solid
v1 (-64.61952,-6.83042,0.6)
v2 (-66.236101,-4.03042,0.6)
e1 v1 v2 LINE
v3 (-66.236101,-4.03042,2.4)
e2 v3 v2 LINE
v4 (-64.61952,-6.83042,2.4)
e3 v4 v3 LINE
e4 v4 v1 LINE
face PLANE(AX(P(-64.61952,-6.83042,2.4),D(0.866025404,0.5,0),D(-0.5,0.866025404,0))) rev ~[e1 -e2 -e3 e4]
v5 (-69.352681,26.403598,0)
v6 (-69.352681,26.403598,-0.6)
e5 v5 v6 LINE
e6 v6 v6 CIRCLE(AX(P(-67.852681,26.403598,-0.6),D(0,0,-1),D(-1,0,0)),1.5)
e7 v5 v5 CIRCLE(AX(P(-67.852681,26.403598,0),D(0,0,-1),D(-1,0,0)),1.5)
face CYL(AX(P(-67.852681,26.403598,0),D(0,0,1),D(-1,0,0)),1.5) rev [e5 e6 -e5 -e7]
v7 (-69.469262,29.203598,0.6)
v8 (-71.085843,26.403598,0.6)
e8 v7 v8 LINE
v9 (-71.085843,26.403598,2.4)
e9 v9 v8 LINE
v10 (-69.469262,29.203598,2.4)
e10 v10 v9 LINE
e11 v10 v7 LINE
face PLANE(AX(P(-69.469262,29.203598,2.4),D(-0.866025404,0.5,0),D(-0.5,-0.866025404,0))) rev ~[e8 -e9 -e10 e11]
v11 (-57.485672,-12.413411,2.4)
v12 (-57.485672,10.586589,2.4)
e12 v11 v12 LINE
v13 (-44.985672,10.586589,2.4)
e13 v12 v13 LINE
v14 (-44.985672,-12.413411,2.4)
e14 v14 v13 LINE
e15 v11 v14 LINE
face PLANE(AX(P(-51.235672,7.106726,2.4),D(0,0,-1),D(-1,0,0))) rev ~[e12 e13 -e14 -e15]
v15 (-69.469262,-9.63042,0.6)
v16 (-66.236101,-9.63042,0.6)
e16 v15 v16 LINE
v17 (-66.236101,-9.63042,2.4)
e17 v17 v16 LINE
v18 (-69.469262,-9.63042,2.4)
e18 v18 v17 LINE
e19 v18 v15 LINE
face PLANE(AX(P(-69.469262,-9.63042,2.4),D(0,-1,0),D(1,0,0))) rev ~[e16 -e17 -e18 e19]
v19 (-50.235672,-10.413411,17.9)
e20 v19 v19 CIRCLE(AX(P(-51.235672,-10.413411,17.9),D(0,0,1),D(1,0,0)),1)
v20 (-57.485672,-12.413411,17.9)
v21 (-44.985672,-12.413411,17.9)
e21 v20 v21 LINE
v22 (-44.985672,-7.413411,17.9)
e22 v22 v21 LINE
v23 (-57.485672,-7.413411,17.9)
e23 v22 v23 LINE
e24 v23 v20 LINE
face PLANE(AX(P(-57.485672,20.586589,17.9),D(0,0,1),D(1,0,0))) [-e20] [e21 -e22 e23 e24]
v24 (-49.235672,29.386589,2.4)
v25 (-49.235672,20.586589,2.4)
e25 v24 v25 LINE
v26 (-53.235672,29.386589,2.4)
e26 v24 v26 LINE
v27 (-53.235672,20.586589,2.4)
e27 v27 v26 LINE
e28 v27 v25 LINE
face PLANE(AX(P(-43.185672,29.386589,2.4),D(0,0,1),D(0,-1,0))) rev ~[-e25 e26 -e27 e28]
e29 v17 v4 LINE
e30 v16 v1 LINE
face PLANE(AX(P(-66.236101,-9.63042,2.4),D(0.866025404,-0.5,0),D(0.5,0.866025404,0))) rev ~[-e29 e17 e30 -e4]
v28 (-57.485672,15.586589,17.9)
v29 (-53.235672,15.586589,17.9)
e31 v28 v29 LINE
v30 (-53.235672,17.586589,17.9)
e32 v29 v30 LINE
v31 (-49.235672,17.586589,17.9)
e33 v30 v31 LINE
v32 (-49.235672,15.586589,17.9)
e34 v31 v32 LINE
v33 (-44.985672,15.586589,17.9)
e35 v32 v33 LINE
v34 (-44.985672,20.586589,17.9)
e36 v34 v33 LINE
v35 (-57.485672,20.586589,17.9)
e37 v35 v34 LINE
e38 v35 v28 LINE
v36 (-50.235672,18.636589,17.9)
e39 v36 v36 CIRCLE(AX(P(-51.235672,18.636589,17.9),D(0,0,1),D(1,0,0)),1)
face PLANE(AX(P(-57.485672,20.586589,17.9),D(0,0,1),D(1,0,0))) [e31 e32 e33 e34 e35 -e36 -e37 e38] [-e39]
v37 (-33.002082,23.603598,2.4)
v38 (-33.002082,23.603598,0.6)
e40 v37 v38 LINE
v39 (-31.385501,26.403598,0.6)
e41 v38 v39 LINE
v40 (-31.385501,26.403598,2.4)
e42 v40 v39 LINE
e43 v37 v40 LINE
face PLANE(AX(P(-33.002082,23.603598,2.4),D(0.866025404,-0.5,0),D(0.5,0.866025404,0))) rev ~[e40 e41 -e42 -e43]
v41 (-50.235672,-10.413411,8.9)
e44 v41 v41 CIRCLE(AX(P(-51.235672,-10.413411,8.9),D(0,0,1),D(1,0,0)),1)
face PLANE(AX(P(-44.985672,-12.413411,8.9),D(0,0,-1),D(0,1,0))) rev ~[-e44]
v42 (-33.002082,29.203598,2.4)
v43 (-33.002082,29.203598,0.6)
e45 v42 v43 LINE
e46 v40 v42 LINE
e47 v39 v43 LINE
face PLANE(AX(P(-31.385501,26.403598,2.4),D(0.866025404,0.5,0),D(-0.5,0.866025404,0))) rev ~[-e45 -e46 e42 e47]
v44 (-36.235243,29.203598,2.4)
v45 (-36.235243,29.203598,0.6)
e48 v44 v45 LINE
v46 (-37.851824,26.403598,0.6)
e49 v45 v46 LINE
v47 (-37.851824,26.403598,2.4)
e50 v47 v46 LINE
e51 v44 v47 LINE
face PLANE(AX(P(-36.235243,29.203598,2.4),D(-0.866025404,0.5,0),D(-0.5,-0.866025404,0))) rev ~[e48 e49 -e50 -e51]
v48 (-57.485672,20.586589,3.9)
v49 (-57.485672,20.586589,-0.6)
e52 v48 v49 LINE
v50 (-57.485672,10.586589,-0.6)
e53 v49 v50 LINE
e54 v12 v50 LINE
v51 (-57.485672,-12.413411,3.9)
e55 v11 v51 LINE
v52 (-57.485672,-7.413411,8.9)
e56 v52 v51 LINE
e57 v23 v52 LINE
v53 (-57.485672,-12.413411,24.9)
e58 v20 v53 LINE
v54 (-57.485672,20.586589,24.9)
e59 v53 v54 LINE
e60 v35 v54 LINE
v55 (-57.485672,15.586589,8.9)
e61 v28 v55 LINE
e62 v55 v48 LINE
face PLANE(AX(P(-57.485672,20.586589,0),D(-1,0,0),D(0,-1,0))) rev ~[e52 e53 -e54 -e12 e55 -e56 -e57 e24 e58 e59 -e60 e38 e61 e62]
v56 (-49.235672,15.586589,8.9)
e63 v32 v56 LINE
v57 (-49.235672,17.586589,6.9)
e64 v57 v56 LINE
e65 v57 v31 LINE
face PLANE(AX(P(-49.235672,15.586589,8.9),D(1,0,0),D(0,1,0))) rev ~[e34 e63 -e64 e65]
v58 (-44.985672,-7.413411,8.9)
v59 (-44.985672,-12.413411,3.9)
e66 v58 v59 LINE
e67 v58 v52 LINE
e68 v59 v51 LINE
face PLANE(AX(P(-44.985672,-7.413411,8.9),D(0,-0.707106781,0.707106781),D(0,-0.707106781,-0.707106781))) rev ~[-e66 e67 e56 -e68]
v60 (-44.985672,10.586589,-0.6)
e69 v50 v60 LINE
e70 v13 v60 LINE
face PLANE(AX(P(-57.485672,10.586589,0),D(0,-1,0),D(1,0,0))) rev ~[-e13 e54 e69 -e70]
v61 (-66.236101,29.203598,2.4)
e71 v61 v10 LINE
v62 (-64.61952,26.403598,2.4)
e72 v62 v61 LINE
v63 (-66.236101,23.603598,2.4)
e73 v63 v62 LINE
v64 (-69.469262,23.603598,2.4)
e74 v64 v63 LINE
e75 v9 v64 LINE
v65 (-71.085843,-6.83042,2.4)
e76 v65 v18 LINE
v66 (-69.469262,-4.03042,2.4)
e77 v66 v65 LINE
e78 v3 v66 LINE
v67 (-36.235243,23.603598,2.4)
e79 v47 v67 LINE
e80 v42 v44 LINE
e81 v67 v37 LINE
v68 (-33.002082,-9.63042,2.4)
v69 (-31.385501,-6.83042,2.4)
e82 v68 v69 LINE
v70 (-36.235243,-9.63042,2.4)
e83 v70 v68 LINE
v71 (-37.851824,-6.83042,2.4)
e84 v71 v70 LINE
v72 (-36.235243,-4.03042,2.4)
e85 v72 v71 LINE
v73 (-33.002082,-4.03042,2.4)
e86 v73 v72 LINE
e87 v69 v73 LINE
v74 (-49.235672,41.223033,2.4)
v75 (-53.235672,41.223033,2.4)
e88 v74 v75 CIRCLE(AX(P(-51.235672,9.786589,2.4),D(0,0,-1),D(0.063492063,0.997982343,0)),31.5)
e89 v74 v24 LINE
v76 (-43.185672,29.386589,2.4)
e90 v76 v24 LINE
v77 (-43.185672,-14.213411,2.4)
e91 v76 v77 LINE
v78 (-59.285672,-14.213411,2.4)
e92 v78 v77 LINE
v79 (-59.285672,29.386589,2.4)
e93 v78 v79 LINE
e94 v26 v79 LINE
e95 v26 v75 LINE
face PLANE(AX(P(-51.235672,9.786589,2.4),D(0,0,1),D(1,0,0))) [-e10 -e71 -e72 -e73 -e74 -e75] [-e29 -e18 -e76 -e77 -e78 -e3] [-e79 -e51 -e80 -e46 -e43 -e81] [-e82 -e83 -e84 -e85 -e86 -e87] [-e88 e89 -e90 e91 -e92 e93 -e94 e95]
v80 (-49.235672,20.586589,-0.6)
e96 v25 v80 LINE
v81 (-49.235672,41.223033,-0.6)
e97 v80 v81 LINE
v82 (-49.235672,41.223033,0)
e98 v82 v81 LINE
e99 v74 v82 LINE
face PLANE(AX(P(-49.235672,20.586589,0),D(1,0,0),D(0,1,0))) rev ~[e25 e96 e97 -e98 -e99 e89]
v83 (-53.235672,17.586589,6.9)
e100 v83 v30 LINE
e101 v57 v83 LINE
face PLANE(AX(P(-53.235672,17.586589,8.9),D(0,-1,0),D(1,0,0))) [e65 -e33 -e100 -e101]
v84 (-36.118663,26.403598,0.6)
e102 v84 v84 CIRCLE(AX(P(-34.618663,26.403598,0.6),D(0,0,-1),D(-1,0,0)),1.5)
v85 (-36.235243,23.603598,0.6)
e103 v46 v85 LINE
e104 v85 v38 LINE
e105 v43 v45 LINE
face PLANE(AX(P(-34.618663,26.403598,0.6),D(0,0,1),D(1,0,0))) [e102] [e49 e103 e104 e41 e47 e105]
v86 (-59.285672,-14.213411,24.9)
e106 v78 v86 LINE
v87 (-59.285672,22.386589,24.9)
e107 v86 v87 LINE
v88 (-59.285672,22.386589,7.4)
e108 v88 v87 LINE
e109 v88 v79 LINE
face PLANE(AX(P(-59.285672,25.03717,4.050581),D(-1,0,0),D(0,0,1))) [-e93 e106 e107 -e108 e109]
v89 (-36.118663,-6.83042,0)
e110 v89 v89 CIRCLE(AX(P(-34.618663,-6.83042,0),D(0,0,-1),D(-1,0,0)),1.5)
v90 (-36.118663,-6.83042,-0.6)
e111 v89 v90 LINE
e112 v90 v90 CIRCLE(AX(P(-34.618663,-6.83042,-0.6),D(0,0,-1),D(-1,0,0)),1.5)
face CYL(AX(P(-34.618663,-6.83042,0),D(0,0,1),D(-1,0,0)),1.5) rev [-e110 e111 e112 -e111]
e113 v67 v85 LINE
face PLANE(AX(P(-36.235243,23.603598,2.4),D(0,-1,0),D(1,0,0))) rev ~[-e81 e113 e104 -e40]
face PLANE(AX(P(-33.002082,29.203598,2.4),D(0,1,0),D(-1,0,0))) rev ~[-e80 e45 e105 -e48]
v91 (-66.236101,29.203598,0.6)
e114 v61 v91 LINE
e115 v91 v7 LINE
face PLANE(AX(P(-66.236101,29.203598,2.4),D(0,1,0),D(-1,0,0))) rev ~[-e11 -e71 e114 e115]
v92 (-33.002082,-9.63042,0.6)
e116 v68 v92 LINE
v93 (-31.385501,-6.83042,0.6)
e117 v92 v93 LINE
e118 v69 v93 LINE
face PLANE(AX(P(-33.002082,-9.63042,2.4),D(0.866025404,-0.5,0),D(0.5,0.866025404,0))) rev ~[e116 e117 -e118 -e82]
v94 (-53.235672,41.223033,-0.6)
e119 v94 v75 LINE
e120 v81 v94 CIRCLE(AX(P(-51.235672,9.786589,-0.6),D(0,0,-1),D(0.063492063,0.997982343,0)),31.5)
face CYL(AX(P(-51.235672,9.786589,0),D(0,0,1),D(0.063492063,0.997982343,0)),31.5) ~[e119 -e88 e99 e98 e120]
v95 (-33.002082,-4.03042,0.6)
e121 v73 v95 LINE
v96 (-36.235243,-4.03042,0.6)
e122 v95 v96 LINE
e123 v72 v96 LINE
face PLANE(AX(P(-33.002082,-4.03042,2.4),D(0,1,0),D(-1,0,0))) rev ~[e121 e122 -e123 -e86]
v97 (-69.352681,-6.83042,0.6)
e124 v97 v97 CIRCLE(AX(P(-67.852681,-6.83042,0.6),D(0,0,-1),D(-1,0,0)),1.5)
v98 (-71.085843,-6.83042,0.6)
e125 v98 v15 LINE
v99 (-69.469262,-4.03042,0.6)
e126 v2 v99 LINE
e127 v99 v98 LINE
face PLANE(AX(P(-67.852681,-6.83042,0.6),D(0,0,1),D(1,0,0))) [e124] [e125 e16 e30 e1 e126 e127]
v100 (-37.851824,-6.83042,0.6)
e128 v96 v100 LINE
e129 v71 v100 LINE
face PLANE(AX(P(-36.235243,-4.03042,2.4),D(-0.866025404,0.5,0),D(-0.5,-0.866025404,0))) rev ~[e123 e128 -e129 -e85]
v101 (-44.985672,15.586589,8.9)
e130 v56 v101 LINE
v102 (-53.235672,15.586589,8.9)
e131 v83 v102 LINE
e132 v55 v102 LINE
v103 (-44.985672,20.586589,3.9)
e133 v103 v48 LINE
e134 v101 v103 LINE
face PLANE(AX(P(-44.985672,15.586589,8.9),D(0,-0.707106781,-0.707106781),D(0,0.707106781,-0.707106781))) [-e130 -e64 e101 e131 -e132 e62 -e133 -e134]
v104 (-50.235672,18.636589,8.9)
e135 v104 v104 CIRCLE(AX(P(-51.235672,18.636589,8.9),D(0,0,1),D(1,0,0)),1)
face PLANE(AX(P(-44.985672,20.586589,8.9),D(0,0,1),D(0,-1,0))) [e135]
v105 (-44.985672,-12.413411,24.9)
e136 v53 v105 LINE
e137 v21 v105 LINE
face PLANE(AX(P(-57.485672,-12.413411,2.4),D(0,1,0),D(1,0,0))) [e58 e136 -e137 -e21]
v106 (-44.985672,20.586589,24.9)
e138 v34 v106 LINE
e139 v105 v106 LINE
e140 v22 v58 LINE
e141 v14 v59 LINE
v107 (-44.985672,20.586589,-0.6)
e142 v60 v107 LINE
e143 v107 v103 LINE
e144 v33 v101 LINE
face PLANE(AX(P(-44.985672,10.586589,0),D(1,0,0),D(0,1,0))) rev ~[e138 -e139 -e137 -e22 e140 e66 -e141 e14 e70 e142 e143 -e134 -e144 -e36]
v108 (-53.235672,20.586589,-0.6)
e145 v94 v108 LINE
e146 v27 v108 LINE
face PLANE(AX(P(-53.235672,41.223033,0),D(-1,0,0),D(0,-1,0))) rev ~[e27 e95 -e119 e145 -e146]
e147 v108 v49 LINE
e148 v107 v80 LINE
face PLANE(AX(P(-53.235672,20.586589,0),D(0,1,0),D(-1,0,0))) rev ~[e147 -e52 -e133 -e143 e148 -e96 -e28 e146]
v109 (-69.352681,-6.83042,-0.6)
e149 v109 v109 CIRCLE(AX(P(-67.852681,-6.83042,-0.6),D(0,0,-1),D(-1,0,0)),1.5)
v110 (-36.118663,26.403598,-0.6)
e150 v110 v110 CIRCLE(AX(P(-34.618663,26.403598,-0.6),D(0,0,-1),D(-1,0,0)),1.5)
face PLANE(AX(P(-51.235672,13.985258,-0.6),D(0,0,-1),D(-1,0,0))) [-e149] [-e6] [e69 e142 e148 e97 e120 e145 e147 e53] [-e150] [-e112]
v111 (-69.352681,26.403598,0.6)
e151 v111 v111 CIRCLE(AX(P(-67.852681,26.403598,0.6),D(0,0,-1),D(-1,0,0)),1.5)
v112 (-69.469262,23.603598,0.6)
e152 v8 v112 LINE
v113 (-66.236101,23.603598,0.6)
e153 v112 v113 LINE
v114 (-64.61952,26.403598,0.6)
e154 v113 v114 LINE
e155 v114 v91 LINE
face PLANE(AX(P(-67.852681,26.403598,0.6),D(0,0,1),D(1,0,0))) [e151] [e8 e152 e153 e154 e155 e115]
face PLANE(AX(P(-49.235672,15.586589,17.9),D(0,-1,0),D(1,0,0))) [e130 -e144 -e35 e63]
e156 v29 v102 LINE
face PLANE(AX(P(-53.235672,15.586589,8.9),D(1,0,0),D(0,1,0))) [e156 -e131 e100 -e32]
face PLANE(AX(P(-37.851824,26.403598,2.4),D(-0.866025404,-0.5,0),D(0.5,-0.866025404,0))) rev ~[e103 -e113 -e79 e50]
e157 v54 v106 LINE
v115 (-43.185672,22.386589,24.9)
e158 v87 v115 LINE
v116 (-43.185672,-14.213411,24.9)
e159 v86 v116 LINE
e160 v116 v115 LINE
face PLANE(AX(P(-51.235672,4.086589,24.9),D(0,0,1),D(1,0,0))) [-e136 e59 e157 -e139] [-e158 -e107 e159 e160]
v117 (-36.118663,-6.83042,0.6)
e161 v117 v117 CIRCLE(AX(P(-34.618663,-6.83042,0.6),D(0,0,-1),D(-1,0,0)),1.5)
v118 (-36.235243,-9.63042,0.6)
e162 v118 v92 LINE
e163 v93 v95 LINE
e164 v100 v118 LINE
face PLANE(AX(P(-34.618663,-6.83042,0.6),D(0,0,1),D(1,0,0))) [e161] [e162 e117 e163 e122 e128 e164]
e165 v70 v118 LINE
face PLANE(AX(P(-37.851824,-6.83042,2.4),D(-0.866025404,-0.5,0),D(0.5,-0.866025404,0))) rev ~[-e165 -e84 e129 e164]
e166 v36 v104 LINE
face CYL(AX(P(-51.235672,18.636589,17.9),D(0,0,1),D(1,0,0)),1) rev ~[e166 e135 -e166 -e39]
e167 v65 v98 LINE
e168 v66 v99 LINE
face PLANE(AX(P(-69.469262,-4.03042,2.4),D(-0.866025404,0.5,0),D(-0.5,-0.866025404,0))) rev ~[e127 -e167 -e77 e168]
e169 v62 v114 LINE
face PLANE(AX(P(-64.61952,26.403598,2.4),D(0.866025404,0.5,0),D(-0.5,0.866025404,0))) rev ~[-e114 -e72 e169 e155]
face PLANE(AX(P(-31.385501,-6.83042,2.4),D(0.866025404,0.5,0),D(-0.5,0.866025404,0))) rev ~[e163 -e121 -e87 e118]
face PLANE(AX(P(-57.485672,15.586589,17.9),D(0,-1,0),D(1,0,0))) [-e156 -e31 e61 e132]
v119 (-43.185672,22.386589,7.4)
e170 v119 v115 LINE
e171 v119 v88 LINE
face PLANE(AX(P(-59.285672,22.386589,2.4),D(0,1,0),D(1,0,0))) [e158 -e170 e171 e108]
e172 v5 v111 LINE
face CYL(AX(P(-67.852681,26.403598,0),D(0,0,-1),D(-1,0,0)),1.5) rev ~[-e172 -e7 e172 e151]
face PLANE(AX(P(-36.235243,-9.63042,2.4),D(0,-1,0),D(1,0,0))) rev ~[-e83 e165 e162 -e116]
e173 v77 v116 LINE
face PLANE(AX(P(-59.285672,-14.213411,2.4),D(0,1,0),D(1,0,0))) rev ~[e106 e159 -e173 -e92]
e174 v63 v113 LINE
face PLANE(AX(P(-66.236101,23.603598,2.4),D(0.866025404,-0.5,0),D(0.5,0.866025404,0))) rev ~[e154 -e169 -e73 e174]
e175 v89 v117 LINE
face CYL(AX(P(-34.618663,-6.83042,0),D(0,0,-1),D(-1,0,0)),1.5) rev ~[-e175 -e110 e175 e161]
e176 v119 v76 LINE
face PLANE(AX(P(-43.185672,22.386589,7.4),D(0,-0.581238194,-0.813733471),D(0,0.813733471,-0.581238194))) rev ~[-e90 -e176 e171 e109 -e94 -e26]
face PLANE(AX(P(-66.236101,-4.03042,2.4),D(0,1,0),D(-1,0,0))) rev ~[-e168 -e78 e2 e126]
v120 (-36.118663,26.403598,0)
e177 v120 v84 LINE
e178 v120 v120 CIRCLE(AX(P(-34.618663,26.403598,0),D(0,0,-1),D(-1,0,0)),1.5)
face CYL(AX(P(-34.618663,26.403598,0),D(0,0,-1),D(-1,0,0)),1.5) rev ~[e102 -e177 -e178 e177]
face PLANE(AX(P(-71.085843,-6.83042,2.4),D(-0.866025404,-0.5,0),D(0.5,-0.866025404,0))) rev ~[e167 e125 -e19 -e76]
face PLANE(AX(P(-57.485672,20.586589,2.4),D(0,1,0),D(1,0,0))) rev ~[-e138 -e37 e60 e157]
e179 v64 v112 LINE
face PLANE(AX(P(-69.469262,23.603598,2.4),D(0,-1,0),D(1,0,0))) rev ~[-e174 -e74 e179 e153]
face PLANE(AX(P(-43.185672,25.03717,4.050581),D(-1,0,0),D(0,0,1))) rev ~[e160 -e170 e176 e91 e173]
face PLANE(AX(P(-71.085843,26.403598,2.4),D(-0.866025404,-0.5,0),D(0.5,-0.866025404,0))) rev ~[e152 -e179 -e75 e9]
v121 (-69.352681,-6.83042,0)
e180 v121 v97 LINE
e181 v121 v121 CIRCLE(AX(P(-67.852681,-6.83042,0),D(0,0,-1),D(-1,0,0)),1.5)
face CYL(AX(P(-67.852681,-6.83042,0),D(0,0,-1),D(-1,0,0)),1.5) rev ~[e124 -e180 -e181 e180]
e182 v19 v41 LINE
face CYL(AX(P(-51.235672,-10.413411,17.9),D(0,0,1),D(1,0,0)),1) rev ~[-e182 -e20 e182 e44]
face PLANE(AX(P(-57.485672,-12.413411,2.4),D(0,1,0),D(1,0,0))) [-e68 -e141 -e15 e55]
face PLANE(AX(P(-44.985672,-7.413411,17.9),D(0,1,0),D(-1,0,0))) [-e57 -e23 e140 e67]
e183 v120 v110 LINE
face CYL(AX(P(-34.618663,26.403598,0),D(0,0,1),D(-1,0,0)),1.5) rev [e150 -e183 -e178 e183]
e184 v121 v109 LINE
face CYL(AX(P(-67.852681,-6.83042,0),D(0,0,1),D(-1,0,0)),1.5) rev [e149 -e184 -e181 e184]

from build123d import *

# Parameters (mm, degrees)
CROQUIS1_R              = 31.5
SALIENTE_EXTRUIR1_DEPTH = 2.4
CROQUIS2_W              = 16.1
CROQUIS2_H              = 36.6
CROQUIS2_W_2            = 12.5
CROQUIS2_H_2            = 33
SALIENTE_EXTRUIR2_DEPTH = 22.5
CROQUIS5_W              = 16.1
CROQUIS5_H              = 36.6
CORTAR_EXTRUIR2_DEPTH   = 9
CROQUIS6_R              = 1.5
CORTAR_EXTRUIR3_DEPTH   = 2.4
CROQUIS7_W              = 12.5
CROQUIS7_H              = 9
SALIENTE_EXTRUIR3_DEPTH = 33
CROQUIS8_R              = 1
CORTAR_EXTRUIR5_DEPTH   = 9
SALIENTE_EXTRUIR4_DEPTH = 12.5
CROQUIS10_W             = 4
CROQUIS10_H             = 2
CORTAR_EXTRUIR6_DEPTH   = 9
SALIENTE_EXTRUIR5_DEPTH = 2.4
SALIENTE_EXTRUIR6_DEPTH = 16.1
CORTAR_EXTRUIR7_DEPTH   = 1.8
CROQUIS14_R             = 1.5
SALIENTE_EXTRUIR7_DEPTH = 0.6


with BuildPart() as part:
    # Croquis1 → Saliente-Extruir1 (new body)
    with BuildSketch(Plane.XY):
        with Locations((-51.235671923, 9.786589019)):
            Circle(CROQUIS1_R)
    extrude(amount=SALIENTE_EXTRUIR1_DEPTH)

    # Croquis2 → Saliente-Extruir2 (add)
    with BuildSketch(Plane.XY.offset(2.4)):
        with Locations((-51.235671923, 4.086589019)):
            Rectangle(CROQUIS2_W, CROQUIS2_H)
        with Locations((-51.235671923, 4.086589019)):
            Rectangle(CROQUIS2_W_2, CROQUIS2_H_2, mode=Mode.SUBTRACT)
    extrude(amount=SALIENTE_EXTRUIR2_DEPTH)

    # Croquis5 → Cortar-Extruir2 (cut)
    with BuildSketch(Plane.XY.offset(2.4)):
        with Locations((-51.235671923, 4.086589019)):
            Rectangle(CROQUIS5_W, CROQUIS5_H)
    extrude(amount=-CORTAR_EXTRUIR2_DEPTH, mode=Mode.SUBTRACT)


with BuildPart() as cortar_extruir2_piece_1:
    # of the separate pieces the step leaves, piece 1, a body of its own (cortar_extruir2_pieces)
    add(part.part.solids().sort_by_distance((-19.735671923, 9.786589019, 0))[0])

    # Croquis6 → Cortar-Extruir3 (cut)
    with BuildSketch(Plane(origin=(0, 0, 0), x_dir=(-1, 0, 0), z_dir=(0, 0, -1))):
        with Locations((34.618662565, 26.403598377)):
            Circle(CROQUIS6_R)
        with Locations((67.85268128, 26.403598377)):
            Circle(CROQUIS6_R)
        with Locations((67.85268128, -6.830420339)):
            Circle(CROQUIS6_R)
        with Locations((34.618662565, -6.830420339)):
            Circle(CROQUIS6_R)
        Polygon((51.235671923, 22.386589019), (53.235671923, 22.386589019), (53.235671923, 42.386589019), (49.235671923, 42.386589019), (49.235671923, 22.386589019), align=None)
    extrude(amount=-CORTAR_EXTRUIR3_DEPTH, mode=Mode.SUBTRACT)



with BuildPart() as cortar_extruir2_piece_2:
    # of the separate pieces the step leaves, piece 2, a body of its own (cortar_extruir2_pieces)
    add(part.part.solids().sort_by_distance((-59.285671923, -14.213410981, 24.9))[0])

    # Croquis7 → Saliente-Extruir3 (add)
    with BuildSketch(Plane.XZ.offset(-20.586589019)):
        with Locations((-51.235671923, 13.4)):
            Rectangle(CROQUIS7_W, CROQUIS7_H)
    extrude(amount=SALIENTE_EXTRUIR3_DEPTH)

    # Croquis8 → Cortar-Extruir5 (cut)
    with BuildSketch(Plane.XY.offset(17.9)):
        with Locations((-51.235671923, -10.413410981)):
            Circle(CROQUIS8_R)
        with Locations((-51.235671923, 18.636589019)):
            Circle(CROQUIS8_R)
        Polygon((-44.985671923, -7.413410981), (-57.485671923, -7.413410981), (-57.485671923, 15.586589019), (-53.235671923, 15.586589019), (-53.235671923, 17.586589019), (-49.235671923, 17.586589019), (-49.235671923, 15.586589019), (-44.985671923, 15.586589019), align=None)
    extrude(amount=-CORTAR_EXTRUIR5_DEPTH, mode=Mode.SUBTRACT)

    # Croquis9 → Saliente-Extruir4 (add)
    with BuildSketch(Plane.ZY.offset(44.985671923)):
        Polygon((8.9, -7.413410981), (3.9, -12.413410981), (8.9, -12.413410981), align=None)
        Polygon((8.9, 15.586589019), (3.9, 20.586589019), (8.9, 20.586589019), align=None)
    extrude(amount=SALIENTE_EXTRUIR4_DEPTH)

    # Croquis10 → Cortar-Extruir6 (cut)
    with BuildSketch(Plane.XY.offset(8.9)):
        with Locations((-51.235671923, 16.586589019)):
            Rectangle(CROQUIS10_W, CROQUIS10_H)
    extrude(amount=-CORTAR_EXTRUIR6_DEPTH, mode=Mode.SUBTRACT)


with BuildPart() as cortar_extruir2_piece_1_1:
    add(cortar_extruir2_piece_1.part)

    add(cortar_extruir2_piece_2.part)  # Saliente-Extruir5 merges Cortar-Extruir2 piece 2
    # Croquis11 → Saliente-Extruir5 (add)
    with BuildSketch(Plane(origin=(0, 0, 2.4), x_dir=(-1, 0, 0), z_dir=(0, 0, -1))):
        Polygon((49.235671923, 22.386589019), (43.185671923, 22.386589019), (43.185671923, -14.213410981), (59.285671923, -14.213410981), (59.285671923, 22.386589019), (53.235671923, 22.386589019), (53.235671923, 20.586589019), (57.485671923, 20.586589019), (57.485671923, 10.586589019), (44.985671923, 10.586589019), (44.985671923, 20.586589019), (49.235671923, 20.586589019), align=None)
    extrude(amount=SALIENTE_EXTRUIR5_DEPTH)

    # Croquis12 → Saliente-Extruir6 (add)
    with BuildSketch(Plane(origin=(-43.185671923, 0, 0), x_dir=(0, 0, -1), z_dir=(1, 0, 0))):
        Polygon((-2.4, 22.386589019), (-7.4, 22.386589019), (-2.4, 29.386589019), align=None)
    extrude(amount=-SALIENTE_EXTRUIR6_DEPTH)

    # Croquis13 → Cortar-Extruir7 (cut)
    with BuildSketch(Plane.XY.offset(2.4)):
        Polygon((-31.385501057, -6.830420339), (-33.002081811, -4.030420339), (-36.235243318, -4.030420339), (-37.851824072, -6.830420339), (-36.235243318, -9.630420339), (-33.002081811, -9.630420339), align=None)
        Polygon((-64.619519773, -6.830420339), (-66.236100527, -4.030420339), (-69.469262034, -4.030420339), (-71.085842788, -6.830420339), (-69.469262034, -9.630420339), (-66.236100527, -9.630420339), align=None)
        Polygon((-37.851824072, 26.403598377), (-36.235243318, 23.603598377), (-33.002081811, 23.603598377), (-31.385501057, 26.403598377), (-33.002081811, 29.203598377), (-36.235243318, 29.203598377), align=None)
        Polygon((-71.085842788, 26.403598377), (-69.469262034, 23.603598377), (-66.236100527, 23.603598377), (-64.619519773, 26.403598377), (-66.236100527, 29.203598377), (-69.469262034, 29.203598377), align=None)
    extrude(amount=-CORTAR_EXTRUIR7_DEPTH, mode=Mode.SUBTRACT)

    # Croquis14 → Saliente-Extruir7 (add)
    with BuildSketch(Plane(origin=(0, 0, 0), x_dir=(-1, 0, 0), z_dir=(0, 0, -1))):
        with BuildLine():
            Line((53.235671923, 41.223032838), (53.235671923, 20.586589019))
            Line((53.235671923, 20.586589019), (57.485671923, 20.586589019))
            Line((57.485671923, 20.586589019), (57.485671923, 10.586589019))
            Line((57.485671923, 10.586589019), (44.985671923, 10.586589019))
            Line((44.985671923, 10.586589019), (44.985671923, 20.586589019))
            Line((44.985671923, 20.586589019), (49.235671923, 20.586589019))
            Line((49.235671923, 20.586589019), (49.235671923, 41.223032838))
            ThreePointArc((49.235671923, 41.223032838), (51.235671923, -21.713410981), (53.235671923, 41.223032838))
        make_face()
        with Locations((67.85268128, -6.830420339)):
            Circle(CROQUIS14_R, mode=Mode.SUBTRACT)
        with Locations((34.618662565, -6.830420339)):
            Circle(CROQUIS14_R, mode=Mode.SUBTRACT)
        with Locations((34.618662565, 26.403598377)):
            Circle(CROQUIS14_R, mode=Mode.SUBTRACT)
        with Locations((67.85268128, 26.403598377)):
            Circle(CROQUIS14_R, mode=Mode.SUBTRACT)
    extrude(amount=SALIENTE_EXTRUIR7_DEPTH)


solid = cortar_extruir2_piece_1_1.part
